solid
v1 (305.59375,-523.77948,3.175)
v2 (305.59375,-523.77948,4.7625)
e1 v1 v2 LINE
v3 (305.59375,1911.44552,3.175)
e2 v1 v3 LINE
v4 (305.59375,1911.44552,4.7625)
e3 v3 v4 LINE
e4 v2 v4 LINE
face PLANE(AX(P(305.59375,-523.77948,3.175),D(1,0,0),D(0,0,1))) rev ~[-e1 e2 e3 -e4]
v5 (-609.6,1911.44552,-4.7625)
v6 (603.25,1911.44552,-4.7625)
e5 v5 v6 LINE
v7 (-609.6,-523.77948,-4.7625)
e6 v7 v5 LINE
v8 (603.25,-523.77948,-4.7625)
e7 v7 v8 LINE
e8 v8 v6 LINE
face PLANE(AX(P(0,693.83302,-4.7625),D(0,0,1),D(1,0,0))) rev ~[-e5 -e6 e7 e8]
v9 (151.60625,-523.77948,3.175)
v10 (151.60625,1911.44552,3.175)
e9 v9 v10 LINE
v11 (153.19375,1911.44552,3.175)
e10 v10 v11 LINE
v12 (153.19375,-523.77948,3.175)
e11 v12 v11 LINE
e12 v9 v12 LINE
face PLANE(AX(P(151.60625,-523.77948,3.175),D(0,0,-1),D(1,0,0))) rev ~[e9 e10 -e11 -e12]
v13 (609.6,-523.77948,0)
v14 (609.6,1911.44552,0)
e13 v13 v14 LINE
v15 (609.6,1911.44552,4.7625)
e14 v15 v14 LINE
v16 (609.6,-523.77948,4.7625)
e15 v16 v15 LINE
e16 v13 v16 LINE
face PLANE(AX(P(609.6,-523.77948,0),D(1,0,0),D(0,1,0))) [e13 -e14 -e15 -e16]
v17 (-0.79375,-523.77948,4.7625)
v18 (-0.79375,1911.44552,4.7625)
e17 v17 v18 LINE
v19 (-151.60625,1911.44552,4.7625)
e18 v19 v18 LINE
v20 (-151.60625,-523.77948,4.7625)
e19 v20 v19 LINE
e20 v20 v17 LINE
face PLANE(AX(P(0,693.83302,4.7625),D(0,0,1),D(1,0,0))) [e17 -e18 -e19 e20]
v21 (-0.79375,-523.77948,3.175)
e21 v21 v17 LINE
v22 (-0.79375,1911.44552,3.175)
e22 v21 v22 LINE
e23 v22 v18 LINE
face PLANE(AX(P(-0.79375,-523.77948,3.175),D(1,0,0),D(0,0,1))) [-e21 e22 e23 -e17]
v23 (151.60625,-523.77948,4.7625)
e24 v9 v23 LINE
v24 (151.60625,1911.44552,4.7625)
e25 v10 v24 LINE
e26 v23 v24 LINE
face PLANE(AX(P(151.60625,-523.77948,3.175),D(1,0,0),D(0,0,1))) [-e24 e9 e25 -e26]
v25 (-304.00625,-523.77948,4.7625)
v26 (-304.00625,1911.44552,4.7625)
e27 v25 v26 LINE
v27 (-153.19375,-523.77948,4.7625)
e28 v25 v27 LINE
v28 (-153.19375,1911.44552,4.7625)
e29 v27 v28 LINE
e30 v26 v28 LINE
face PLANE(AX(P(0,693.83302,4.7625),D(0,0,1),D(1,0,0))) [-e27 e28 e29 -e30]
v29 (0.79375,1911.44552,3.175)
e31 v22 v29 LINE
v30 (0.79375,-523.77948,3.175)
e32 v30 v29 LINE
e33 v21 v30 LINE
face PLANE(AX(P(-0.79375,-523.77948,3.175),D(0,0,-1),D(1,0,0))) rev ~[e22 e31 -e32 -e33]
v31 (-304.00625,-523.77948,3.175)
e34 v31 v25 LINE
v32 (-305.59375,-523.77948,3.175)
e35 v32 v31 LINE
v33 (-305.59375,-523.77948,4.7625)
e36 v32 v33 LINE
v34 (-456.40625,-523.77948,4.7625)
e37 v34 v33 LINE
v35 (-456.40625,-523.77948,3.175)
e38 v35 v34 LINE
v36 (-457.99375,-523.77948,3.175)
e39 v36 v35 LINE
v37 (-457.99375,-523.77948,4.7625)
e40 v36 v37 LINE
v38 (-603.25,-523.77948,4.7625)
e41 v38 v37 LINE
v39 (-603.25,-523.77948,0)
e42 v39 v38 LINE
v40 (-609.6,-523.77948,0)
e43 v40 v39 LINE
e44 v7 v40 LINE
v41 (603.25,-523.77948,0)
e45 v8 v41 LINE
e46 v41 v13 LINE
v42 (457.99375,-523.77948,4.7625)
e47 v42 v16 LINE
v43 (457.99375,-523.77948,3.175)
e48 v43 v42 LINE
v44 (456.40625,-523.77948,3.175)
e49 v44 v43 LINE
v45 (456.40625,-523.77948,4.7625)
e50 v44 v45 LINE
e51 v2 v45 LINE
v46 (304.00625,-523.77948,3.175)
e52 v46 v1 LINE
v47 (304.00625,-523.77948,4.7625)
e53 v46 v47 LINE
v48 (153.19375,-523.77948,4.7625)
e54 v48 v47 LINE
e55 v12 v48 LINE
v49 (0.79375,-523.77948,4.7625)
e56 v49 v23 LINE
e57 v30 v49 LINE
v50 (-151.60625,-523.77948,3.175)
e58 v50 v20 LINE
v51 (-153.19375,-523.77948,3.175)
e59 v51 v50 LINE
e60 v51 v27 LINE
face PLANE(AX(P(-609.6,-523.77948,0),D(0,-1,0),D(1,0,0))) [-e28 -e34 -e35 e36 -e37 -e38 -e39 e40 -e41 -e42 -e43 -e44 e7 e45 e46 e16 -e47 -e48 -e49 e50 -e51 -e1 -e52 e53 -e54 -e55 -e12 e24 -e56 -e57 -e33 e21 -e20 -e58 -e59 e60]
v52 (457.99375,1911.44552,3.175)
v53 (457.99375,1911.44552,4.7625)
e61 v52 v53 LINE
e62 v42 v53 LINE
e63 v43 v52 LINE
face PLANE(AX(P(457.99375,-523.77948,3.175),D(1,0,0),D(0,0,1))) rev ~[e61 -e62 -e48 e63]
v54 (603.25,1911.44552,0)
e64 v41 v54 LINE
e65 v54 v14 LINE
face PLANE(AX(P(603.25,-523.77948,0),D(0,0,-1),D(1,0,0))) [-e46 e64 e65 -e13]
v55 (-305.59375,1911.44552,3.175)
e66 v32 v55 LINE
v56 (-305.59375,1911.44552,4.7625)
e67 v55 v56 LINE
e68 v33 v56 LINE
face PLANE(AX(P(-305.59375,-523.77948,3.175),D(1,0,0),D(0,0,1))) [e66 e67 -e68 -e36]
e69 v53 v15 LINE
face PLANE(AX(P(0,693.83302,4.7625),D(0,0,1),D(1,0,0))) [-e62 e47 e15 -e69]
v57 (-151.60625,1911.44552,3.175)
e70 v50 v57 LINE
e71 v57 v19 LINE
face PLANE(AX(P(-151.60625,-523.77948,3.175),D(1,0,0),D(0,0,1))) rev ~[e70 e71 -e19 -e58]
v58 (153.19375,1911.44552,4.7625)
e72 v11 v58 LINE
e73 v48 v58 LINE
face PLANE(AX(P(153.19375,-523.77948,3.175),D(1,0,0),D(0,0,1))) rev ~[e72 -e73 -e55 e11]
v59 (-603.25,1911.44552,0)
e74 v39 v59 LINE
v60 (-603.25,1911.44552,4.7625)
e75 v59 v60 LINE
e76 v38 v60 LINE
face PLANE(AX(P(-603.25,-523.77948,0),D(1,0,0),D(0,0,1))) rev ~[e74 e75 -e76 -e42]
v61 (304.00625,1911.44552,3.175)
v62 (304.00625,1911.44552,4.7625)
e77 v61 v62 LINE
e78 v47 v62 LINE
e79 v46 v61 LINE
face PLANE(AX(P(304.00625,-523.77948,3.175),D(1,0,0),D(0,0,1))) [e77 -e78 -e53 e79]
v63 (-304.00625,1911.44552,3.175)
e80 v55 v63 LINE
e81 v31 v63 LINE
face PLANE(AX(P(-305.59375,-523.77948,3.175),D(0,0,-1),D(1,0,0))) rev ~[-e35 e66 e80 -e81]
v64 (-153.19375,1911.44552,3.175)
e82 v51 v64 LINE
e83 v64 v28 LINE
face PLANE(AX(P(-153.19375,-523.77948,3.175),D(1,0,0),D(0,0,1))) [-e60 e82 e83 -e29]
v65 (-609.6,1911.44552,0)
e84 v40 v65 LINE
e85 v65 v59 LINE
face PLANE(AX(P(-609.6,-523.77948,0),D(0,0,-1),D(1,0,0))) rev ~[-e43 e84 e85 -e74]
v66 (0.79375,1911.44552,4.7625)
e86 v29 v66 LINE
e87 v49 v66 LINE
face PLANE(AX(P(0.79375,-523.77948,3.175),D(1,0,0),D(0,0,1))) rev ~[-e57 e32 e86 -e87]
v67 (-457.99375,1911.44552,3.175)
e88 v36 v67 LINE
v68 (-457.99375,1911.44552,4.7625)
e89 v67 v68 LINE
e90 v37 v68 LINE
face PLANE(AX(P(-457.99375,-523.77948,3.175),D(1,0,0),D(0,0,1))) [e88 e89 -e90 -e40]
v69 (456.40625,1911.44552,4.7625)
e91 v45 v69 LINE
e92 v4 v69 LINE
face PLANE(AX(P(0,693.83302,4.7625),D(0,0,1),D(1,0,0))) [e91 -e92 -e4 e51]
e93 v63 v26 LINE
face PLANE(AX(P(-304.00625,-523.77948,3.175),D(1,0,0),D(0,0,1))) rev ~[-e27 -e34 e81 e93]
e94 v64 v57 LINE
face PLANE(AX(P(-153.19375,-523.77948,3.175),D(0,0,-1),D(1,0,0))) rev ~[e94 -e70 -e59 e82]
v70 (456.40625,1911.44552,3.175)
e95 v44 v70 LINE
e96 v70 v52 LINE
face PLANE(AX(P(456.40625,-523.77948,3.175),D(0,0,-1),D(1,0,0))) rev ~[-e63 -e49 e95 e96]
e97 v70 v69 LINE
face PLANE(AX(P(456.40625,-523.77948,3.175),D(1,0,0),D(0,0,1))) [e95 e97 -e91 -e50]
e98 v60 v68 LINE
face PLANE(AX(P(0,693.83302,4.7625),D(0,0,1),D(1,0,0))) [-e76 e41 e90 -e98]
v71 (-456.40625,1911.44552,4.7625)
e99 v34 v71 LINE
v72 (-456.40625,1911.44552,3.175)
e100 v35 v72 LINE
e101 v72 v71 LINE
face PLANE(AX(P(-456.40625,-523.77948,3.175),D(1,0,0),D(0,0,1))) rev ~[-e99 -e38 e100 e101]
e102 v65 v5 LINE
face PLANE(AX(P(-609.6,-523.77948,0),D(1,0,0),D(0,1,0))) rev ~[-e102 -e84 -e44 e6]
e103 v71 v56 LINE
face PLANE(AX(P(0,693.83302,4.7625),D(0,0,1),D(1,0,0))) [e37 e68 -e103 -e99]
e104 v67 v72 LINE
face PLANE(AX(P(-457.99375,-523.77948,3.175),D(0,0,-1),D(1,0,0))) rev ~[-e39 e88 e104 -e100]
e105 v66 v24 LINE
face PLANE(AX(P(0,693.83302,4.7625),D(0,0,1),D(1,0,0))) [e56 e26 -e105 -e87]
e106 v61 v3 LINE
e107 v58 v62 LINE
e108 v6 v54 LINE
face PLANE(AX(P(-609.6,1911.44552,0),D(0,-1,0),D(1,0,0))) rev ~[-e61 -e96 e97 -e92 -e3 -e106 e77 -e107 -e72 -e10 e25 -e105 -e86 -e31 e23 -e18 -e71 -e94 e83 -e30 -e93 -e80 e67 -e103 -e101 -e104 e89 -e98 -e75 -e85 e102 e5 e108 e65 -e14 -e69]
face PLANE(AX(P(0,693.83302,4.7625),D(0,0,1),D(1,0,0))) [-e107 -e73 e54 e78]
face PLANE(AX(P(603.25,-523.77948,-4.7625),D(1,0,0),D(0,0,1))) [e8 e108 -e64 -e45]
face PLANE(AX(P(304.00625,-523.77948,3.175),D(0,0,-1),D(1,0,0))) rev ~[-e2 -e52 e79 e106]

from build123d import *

# Parameters (mm, degrees)
F0_W     = 1219.2
F0_H     = 2435.225
F1_DEPTH = 4.7625
F2_W     = 6.35
F2_H     = 4.7625
F3_DEPTH = 2435.226
F4_W     = 1.5875
F4_H     = 1.5875
F5_DEPTH = 2435.226


with BuildPart() as f1:
    # F0 (on Top) → F1 (new body, symmetric)
    with BuildSketch(Plane.XY):
        with Locations((0, 693.83302)):
            Rectangle(F0_W, F0_H)
    extrude(amount=F1_DEPTH, both=True)

    # F2 (on face) → F3 (cut, through all)
    with BuildSketch(Plane.XZ.offset(523.77948)):
        with Locations((606.425, -2.38125)):
            Rectangle(F2_W, F2_H)
        with Locations((-606.425, 2.38125)):
            Rectangle(F2_W, F2_H)
    extrude(amount=-F3_DEPTH, mode=Mode.SUBTRACT)

    # F4 (on face) → F5 (cut, through all)
    with BuildSketch(Plane.XZ.offset(523.77948)):
        with Locations((-457.2, 3.96875)):
            Rectangle(F4_W, F4_H)
        with Locations((-304.8, 3.96875)):
            Rectangle(F4_W, F4_H)
        with Locations((-152.4, 3.96875)):
            Rectangle(F4_W, F4_H)
        with Locations((0, 3.96875)):
            Rectangle(F4_W, F4_H)
        with Locations((152.4, 3.96875)):
            Rectangle(F4_W, F4_H)
        with Locations((304.8, 3.96875)):
            Rectangle(F4_W, F4_H)
        with Locations((457.2, 3.96875)):
            Rectangle(F4_W, F4_H)
    extrude(amount=-F5_DEPTH, mode=Mode.SUBTRACT)


solid = f1.part
